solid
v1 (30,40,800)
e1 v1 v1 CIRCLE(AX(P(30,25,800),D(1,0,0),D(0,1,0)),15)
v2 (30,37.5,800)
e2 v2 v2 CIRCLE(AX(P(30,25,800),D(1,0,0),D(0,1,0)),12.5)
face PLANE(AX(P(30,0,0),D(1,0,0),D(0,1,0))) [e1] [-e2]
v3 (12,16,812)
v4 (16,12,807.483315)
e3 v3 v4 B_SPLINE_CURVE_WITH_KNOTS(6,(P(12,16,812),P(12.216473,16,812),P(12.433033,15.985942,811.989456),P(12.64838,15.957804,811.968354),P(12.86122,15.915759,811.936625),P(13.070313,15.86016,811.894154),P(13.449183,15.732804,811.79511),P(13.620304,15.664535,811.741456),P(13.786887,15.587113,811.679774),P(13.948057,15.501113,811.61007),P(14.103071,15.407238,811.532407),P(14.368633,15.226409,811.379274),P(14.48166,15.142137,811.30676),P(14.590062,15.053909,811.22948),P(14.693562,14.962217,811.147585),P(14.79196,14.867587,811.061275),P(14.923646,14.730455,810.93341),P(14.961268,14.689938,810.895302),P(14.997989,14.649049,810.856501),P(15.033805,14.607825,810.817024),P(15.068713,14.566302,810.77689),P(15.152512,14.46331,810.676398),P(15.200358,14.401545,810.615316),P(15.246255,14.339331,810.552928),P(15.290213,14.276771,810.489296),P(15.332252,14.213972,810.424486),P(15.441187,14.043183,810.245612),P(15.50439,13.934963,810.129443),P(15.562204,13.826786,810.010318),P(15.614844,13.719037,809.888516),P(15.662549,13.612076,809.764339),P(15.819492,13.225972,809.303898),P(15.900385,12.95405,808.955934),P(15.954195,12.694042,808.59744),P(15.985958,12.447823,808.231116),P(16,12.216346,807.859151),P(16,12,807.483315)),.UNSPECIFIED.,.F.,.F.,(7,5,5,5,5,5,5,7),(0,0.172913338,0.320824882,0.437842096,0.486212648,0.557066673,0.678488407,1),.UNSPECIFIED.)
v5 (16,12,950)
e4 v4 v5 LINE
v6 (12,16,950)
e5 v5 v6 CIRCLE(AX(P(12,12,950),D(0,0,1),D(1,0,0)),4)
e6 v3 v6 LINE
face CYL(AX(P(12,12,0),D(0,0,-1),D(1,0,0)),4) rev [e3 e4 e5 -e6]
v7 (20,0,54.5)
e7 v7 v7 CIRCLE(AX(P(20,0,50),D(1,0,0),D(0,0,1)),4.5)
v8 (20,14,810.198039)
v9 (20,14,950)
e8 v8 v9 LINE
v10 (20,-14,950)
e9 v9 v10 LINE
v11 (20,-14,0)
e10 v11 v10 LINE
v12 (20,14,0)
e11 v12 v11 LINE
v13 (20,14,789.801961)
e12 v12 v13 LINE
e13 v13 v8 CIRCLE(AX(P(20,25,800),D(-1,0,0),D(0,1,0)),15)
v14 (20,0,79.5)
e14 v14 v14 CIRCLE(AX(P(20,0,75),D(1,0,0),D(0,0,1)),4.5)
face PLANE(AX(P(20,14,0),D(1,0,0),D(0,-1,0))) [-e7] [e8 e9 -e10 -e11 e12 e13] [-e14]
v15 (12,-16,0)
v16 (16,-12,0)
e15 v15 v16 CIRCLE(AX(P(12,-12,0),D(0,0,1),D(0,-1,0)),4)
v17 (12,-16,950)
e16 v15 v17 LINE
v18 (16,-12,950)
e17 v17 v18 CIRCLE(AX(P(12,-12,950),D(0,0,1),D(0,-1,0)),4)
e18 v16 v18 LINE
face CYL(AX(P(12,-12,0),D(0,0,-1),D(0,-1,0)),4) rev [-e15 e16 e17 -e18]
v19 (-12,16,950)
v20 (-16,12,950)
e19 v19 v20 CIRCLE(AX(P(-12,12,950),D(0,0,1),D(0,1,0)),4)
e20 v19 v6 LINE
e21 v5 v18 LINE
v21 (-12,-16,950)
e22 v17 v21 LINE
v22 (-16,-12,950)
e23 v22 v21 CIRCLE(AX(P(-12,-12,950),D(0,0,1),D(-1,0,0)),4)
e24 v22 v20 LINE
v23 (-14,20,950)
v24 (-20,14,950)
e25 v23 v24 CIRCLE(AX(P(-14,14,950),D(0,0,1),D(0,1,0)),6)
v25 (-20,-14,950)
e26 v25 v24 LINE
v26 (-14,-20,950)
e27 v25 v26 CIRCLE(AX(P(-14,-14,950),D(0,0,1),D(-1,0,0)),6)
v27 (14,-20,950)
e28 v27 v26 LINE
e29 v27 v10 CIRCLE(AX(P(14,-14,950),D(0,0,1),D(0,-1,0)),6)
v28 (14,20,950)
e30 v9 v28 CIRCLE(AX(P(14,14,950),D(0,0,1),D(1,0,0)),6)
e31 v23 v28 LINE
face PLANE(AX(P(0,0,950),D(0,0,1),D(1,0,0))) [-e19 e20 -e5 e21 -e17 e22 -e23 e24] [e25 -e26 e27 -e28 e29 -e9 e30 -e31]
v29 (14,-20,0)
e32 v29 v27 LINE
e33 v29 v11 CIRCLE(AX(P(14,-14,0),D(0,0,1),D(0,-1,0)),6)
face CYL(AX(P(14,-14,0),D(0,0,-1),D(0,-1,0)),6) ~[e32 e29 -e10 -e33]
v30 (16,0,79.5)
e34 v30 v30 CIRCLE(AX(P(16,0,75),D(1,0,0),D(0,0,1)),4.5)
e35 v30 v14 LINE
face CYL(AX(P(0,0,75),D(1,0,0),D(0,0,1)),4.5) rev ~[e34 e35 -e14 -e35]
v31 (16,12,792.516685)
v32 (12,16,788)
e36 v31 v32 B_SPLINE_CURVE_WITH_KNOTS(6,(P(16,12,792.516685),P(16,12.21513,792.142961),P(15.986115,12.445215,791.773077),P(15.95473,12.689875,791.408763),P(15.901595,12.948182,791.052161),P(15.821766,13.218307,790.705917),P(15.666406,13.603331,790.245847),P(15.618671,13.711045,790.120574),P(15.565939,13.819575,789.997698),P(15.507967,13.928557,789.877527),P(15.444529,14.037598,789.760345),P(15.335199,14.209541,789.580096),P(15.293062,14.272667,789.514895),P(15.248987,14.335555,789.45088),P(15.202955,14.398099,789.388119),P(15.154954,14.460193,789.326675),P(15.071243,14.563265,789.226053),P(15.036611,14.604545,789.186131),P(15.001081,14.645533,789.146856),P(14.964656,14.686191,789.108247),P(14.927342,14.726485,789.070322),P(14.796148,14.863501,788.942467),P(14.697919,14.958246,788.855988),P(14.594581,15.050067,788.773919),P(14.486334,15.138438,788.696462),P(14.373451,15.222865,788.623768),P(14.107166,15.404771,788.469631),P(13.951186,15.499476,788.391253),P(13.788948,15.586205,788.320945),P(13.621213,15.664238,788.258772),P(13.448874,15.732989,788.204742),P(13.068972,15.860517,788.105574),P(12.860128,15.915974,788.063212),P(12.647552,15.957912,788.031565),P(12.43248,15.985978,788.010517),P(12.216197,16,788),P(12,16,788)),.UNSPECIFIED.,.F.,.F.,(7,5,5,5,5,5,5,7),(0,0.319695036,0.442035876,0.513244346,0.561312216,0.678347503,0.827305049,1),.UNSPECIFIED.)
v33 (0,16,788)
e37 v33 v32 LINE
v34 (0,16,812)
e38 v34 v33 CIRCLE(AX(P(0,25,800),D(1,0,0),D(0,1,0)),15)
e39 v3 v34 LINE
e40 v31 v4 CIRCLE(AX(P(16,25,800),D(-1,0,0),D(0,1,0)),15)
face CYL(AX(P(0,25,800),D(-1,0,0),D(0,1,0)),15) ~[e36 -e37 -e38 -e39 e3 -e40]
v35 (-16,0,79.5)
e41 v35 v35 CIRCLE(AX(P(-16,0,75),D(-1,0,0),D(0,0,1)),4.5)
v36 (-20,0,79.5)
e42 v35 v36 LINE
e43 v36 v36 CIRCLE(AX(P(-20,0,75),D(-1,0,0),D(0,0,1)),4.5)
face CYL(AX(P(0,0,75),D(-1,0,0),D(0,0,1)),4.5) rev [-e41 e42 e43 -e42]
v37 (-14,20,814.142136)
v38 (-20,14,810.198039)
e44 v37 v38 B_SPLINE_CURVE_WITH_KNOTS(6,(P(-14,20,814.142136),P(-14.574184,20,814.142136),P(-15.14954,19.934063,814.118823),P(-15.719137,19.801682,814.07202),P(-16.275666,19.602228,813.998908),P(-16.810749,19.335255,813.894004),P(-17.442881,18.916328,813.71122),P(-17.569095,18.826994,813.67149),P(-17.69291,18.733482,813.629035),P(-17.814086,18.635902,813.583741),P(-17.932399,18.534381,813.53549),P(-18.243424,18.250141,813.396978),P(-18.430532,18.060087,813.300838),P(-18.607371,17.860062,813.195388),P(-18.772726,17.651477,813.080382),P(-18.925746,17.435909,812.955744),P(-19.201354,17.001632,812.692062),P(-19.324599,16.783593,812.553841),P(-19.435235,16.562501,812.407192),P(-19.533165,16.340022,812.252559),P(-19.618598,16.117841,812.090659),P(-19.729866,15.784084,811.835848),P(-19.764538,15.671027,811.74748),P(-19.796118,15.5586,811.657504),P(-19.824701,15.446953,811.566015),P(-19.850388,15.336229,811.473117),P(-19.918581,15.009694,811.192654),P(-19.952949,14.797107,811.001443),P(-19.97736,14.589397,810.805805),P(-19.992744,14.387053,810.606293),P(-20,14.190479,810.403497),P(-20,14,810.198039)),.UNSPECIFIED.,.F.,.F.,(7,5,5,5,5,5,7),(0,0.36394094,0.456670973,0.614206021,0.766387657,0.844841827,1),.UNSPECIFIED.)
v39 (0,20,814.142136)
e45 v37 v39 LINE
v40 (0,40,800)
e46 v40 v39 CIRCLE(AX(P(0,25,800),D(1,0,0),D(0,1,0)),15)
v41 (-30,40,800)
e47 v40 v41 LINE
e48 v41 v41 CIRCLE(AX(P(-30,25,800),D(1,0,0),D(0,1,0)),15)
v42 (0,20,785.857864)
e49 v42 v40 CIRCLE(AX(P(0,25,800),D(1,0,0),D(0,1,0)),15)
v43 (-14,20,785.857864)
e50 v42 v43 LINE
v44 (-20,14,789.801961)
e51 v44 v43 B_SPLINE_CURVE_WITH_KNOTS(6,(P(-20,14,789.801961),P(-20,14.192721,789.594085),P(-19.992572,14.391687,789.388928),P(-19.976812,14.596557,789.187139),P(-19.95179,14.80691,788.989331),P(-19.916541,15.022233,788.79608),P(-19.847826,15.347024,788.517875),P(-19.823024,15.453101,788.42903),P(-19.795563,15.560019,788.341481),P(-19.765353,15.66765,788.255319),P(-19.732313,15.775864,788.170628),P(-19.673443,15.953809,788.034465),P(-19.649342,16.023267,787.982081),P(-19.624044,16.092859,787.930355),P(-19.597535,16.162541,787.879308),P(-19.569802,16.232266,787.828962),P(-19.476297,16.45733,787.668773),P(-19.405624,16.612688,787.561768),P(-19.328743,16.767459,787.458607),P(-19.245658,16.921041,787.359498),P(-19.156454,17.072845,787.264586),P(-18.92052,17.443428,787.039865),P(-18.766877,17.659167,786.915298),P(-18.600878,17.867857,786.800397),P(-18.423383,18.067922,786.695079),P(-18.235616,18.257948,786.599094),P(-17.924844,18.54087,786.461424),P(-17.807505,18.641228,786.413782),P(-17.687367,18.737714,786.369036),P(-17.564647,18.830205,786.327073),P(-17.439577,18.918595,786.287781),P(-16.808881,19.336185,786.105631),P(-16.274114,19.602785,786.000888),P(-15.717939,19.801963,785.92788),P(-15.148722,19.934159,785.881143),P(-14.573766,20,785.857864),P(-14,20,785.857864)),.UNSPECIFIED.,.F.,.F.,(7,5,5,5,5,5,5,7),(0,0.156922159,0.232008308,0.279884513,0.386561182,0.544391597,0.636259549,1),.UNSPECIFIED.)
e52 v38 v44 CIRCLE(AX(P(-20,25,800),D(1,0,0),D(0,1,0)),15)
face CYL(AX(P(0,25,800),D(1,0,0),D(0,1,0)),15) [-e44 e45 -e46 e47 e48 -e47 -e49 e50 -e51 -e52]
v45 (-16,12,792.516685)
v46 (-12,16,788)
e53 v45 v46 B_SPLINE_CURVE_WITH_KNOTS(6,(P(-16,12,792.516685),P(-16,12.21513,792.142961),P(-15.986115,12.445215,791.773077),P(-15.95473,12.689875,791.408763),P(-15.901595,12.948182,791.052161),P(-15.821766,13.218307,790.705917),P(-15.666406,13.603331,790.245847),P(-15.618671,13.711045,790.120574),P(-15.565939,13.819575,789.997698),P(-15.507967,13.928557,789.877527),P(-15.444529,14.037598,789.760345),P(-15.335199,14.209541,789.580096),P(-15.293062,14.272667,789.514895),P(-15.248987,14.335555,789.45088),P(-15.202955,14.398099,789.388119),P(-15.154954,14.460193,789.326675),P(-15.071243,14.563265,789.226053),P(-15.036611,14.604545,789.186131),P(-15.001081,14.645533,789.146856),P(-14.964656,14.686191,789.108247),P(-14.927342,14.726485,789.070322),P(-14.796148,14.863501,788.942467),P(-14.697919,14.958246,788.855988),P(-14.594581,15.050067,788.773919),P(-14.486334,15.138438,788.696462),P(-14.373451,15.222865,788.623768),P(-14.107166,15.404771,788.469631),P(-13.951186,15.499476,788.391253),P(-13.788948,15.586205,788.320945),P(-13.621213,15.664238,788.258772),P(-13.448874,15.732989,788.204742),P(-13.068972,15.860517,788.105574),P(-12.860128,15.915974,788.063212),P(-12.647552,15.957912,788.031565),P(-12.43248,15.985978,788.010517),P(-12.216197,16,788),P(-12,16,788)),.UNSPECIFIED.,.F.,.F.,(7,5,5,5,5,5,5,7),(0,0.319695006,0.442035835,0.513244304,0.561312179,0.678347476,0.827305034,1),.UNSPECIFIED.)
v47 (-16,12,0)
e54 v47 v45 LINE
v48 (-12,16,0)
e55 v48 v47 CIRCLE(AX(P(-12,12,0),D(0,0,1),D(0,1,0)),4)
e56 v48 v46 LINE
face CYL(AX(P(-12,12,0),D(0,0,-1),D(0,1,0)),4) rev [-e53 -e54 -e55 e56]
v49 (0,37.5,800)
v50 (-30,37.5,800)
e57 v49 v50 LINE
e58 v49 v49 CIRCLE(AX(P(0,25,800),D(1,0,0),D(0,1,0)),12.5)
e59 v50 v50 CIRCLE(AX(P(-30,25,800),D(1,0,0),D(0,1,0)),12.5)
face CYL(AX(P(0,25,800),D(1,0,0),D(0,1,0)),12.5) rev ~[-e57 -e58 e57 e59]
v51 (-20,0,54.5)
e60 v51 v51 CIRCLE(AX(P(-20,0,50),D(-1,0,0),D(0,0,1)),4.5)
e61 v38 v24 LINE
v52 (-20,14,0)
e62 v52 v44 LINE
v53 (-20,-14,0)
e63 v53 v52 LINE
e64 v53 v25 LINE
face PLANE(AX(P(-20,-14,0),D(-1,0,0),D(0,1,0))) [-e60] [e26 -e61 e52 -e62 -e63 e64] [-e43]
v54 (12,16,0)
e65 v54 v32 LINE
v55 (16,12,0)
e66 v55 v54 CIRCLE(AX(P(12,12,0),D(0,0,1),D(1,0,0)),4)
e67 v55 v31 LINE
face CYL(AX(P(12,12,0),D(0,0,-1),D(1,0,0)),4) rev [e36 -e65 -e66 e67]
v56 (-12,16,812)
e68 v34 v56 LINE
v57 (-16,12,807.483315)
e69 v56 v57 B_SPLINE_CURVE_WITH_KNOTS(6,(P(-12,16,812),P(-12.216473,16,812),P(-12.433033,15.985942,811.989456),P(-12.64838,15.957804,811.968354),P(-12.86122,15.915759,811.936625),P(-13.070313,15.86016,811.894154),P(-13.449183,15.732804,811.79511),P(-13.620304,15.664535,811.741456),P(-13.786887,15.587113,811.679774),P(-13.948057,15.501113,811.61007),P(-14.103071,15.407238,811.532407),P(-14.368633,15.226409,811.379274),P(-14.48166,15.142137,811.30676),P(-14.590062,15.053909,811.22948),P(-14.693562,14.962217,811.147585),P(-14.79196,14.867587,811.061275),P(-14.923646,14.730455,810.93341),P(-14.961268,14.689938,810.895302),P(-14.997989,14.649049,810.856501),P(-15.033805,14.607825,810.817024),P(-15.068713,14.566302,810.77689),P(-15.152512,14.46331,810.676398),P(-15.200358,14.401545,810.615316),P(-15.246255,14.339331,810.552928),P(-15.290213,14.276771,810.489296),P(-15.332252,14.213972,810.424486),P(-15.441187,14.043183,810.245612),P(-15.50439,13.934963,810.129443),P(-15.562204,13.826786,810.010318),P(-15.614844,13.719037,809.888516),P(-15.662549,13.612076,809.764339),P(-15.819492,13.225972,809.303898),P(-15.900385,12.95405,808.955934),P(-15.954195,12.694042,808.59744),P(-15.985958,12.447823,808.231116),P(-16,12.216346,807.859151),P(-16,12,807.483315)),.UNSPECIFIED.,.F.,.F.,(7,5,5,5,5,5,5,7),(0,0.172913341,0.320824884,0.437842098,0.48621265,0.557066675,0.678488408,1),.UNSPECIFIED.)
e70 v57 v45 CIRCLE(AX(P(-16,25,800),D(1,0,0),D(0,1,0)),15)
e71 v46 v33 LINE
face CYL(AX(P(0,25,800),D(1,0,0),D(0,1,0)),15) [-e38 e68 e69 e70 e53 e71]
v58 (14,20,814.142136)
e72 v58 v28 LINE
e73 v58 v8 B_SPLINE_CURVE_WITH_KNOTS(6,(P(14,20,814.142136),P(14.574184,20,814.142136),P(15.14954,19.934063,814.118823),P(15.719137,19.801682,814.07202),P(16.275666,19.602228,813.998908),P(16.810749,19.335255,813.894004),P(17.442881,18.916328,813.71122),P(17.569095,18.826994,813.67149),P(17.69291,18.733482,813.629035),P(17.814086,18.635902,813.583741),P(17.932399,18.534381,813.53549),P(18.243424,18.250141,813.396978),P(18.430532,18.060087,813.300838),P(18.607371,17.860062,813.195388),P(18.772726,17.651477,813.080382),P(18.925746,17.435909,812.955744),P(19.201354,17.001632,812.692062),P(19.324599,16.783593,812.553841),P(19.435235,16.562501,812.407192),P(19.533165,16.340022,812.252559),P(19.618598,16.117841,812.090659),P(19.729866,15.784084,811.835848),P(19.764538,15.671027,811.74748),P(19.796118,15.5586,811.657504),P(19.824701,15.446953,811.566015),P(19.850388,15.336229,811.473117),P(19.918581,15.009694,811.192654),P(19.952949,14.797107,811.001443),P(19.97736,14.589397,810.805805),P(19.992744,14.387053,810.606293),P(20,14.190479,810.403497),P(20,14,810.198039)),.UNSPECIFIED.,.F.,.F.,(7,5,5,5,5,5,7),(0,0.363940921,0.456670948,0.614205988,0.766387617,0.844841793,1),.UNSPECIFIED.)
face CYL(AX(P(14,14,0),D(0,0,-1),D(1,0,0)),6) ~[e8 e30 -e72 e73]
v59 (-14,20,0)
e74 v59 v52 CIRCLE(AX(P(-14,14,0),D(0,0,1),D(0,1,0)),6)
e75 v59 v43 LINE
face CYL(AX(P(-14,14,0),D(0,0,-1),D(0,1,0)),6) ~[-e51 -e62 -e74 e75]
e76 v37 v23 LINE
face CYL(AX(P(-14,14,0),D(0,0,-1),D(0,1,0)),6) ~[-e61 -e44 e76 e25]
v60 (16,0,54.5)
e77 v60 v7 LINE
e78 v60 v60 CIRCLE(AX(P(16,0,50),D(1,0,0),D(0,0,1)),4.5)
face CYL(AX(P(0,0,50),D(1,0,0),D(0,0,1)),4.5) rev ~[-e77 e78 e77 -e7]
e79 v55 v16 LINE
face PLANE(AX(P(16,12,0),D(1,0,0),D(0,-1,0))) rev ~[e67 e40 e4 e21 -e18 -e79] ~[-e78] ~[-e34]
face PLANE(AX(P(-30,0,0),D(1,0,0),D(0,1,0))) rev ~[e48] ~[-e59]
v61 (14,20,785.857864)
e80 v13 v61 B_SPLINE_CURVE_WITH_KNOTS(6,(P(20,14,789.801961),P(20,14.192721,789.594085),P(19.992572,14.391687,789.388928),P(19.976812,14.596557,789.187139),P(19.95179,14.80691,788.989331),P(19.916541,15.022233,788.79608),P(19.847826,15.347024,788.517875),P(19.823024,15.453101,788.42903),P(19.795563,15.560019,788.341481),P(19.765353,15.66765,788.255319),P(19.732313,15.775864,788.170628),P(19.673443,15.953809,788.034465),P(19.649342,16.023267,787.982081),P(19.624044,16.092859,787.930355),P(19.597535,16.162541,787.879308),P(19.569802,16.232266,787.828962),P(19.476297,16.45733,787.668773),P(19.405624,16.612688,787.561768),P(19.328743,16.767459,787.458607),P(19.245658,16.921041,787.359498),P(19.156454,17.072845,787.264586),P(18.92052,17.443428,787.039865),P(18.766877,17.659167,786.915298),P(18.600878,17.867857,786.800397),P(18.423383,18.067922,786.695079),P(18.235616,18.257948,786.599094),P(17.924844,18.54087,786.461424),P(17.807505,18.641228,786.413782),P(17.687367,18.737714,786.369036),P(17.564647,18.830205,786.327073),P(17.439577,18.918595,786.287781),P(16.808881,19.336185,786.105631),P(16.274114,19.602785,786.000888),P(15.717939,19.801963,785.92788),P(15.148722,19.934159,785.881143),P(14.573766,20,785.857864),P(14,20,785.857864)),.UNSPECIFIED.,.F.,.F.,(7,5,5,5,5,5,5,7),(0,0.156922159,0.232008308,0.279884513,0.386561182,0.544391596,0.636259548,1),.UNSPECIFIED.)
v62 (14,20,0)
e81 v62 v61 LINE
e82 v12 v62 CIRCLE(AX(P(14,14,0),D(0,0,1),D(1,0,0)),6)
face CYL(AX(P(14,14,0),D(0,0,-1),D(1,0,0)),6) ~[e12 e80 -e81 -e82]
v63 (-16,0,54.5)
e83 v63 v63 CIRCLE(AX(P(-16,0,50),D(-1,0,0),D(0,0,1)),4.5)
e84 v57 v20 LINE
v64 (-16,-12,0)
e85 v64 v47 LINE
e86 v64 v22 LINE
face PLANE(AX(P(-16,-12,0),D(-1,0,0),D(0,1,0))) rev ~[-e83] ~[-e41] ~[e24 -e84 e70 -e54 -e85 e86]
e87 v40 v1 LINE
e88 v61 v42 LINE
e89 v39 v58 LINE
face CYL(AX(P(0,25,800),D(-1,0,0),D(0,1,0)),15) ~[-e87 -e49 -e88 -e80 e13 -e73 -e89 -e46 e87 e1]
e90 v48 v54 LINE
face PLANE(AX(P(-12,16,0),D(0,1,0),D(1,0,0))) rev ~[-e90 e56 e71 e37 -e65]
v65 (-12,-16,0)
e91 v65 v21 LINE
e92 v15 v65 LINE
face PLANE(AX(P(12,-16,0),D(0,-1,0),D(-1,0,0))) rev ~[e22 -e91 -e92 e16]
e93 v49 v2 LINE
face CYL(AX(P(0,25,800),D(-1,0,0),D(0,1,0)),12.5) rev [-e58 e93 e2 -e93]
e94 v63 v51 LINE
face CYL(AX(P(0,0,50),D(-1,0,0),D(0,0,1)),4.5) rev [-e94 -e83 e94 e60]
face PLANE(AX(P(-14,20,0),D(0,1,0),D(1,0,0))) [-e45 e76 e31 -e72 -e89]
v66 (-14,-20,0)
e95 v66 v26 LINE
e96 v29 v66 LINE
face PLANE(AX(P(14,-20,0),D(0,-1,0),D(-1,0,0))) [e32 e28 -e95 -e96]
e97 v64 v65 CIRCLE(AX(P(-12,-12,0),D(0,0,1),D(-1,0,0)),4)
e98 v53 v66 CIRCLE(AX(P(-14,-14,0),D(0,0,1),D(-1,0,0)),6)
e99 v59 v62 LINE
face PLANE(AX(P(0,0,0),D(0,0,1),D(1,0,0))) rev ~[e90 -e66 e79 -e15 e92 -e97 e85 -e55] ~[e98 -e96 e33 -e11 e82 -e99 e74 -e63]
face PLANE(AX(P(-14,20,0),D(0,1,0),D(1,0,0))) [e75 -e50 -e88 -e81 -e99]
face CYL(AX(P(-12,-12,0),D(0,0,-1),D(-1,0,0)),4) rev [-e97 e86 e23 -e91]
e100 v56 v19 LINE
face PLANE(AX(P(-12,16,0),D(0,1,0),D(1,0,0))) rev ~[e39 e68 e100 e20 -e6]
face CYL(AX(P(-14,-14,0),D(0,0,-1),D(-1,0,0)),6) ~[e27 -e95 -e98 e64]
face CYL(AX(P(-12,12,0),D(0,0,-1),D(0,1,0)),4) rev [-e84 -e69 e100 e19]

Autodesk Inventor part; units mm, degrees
ref_plane "YZ Plane" through (0, 0, 0) normal (1, 0, 0) x (0, 1, 0)
ref_plane "Start plane" through (0, 0, 0) normal (0, 0, 1) x (1, 0, 0)
ref_plane "End plane" through (0, 0, 950) normal (0, 0, 1) x (1, 0, 0)
sketch "Sketch" plane through (0, 0, 0) normal (0, 0, 1) x (1, 0, 0)
  line L0 (-20, -14) -> (-20, 14)
  line L1 (-14, 20) -> (14, 20)
  line L2 (20, 14) -> (20, -14)
  line L3 (14, -20) -> (-14, -20)
  arc A0 (-20, -14) -> (-14, -20) centre (-14, -14) ccw
  arc A1 (-14, 20) -> (-20, 14) centre (-14, 14) ccw
  arc A2 (20, 14) -> (14, 20) centre (14, 14) ccw
  arc A3 (14, -20) -> (20, -14) centre (14, -14) ccw
  line L4 (-12, 16) -> (12, 16)
  line L5 (16, 12) -> (16, -12)
  line L6 (12, -16) -> (-12, -16)
  line L7 (-16, -12) -> (-16, 12)
  line L8 (0, 29.7397) -> (0, -29.7397) construction
  line L9 (-29.7397, 0) -> (29.7397, 0) construction
  arc A4 (-16, -12) -> (-12, -16) centre (-12, -12) ccw
  arc A5 (-12, 16) -> (-16, 12) centre (-12, 12) ccw
  arc A6 (16, 12) -> (12, 16) centre (12, 12) ccw
  arc A7 (12, -16) -> (16, -12) centre (12, -12) ccw
  dimension "d7" = 6
  dimension "d10" = 40
  dimension "d11" = 40
  dimension "d12" = 4
  dimension "d15" = 20
  dimension "d16" = 20
  dimension "d19" = 4
  dimension "d20" = 4
extrude "Body" add sketch "Sketch" along normal up to surface (950 mm away) from surface at 0
sketch "Sketch3" plane through (0, 0, 0) normal (0, 0, 1) x (1, 0, 0)
  line L0 (0, 0) -> (10, 0)
ref_plane "Work Plane3" through (0, 0, 0) normal (0, -1, 0) x (1, 0, 0)
sketch "Sketch4" plane through (0, 0, 0) normal (0, -1, 0) x (1, 0, 0)
  line L0 (-2, 0) -> (12, 0)
  line L1 (-2, 950) -> (12, 950)
  dimension "d18" = 950
sketch "Sketch5" plane through (0, -20, 0) normal (1, 0, 0) x (0, 1, 0)
  line L0 (20, 0) -> (20, 75)
  point P0 (20, 50)
  dimension "d21" = 75
  dimension "d22" = 25
hole "Hole1" at (0, 0, 50) at (0, 0, 75) direction (1, 0, 0) diameter 9 end through all clearance for "Hex Head Cap Screw ISO 24017" size "M8" standard "ISO"
sketch "Sketch6" plane through (0, 0, 0) normal (1, 0, 0) x (0, 1, 0)
  circle A0 centre (25, 800) radius 15
  circle A1 centre (25, 800) radius 12.5
  point P0 (0, 0)
  dimension "d30" = 30
  dimension "d31" = 800
  dimension "d35" = 25
  dimension "d36" = 25
extrude "Extrusion2" cut sketch "Sketch6" against normal through all both and the other way through all contours A0 | A1
extrude "Extrusion3" add sketch "Sketch6" along normal mid plane 60
mirror "Mirror1" about plane through (0, 0, 0) normal (1, 0, 0) of "Hole1"
equation "\"d7\" = G_IR"
equation "\"d10\" = G_H"
equation "\"d11\" = G_W"
equation "\"d12\" = G_T"
equation "\"d15\" = 0.5 * d10"
equation "\"d16\" = 0.5 * d11"
equation "\"d19\" = G_T"
equation "\"d20\" = G_T"
equation "\"d3\" = G_L"
equation "\"G_W\" = 40"
equation "\"G_H\" = 40"
equation "\"G_T\" = 4"
equation "\"G_IR\" = 6"
equation "\"G_L\" = d18"
equation "\"G_OFFSET_START\" = 0"
equation "\"G_OFFSET_END\" = 0"
properties part number "EN 10210-2 - 40 x 40 x 4 - 950" material "Steel, Mild"
